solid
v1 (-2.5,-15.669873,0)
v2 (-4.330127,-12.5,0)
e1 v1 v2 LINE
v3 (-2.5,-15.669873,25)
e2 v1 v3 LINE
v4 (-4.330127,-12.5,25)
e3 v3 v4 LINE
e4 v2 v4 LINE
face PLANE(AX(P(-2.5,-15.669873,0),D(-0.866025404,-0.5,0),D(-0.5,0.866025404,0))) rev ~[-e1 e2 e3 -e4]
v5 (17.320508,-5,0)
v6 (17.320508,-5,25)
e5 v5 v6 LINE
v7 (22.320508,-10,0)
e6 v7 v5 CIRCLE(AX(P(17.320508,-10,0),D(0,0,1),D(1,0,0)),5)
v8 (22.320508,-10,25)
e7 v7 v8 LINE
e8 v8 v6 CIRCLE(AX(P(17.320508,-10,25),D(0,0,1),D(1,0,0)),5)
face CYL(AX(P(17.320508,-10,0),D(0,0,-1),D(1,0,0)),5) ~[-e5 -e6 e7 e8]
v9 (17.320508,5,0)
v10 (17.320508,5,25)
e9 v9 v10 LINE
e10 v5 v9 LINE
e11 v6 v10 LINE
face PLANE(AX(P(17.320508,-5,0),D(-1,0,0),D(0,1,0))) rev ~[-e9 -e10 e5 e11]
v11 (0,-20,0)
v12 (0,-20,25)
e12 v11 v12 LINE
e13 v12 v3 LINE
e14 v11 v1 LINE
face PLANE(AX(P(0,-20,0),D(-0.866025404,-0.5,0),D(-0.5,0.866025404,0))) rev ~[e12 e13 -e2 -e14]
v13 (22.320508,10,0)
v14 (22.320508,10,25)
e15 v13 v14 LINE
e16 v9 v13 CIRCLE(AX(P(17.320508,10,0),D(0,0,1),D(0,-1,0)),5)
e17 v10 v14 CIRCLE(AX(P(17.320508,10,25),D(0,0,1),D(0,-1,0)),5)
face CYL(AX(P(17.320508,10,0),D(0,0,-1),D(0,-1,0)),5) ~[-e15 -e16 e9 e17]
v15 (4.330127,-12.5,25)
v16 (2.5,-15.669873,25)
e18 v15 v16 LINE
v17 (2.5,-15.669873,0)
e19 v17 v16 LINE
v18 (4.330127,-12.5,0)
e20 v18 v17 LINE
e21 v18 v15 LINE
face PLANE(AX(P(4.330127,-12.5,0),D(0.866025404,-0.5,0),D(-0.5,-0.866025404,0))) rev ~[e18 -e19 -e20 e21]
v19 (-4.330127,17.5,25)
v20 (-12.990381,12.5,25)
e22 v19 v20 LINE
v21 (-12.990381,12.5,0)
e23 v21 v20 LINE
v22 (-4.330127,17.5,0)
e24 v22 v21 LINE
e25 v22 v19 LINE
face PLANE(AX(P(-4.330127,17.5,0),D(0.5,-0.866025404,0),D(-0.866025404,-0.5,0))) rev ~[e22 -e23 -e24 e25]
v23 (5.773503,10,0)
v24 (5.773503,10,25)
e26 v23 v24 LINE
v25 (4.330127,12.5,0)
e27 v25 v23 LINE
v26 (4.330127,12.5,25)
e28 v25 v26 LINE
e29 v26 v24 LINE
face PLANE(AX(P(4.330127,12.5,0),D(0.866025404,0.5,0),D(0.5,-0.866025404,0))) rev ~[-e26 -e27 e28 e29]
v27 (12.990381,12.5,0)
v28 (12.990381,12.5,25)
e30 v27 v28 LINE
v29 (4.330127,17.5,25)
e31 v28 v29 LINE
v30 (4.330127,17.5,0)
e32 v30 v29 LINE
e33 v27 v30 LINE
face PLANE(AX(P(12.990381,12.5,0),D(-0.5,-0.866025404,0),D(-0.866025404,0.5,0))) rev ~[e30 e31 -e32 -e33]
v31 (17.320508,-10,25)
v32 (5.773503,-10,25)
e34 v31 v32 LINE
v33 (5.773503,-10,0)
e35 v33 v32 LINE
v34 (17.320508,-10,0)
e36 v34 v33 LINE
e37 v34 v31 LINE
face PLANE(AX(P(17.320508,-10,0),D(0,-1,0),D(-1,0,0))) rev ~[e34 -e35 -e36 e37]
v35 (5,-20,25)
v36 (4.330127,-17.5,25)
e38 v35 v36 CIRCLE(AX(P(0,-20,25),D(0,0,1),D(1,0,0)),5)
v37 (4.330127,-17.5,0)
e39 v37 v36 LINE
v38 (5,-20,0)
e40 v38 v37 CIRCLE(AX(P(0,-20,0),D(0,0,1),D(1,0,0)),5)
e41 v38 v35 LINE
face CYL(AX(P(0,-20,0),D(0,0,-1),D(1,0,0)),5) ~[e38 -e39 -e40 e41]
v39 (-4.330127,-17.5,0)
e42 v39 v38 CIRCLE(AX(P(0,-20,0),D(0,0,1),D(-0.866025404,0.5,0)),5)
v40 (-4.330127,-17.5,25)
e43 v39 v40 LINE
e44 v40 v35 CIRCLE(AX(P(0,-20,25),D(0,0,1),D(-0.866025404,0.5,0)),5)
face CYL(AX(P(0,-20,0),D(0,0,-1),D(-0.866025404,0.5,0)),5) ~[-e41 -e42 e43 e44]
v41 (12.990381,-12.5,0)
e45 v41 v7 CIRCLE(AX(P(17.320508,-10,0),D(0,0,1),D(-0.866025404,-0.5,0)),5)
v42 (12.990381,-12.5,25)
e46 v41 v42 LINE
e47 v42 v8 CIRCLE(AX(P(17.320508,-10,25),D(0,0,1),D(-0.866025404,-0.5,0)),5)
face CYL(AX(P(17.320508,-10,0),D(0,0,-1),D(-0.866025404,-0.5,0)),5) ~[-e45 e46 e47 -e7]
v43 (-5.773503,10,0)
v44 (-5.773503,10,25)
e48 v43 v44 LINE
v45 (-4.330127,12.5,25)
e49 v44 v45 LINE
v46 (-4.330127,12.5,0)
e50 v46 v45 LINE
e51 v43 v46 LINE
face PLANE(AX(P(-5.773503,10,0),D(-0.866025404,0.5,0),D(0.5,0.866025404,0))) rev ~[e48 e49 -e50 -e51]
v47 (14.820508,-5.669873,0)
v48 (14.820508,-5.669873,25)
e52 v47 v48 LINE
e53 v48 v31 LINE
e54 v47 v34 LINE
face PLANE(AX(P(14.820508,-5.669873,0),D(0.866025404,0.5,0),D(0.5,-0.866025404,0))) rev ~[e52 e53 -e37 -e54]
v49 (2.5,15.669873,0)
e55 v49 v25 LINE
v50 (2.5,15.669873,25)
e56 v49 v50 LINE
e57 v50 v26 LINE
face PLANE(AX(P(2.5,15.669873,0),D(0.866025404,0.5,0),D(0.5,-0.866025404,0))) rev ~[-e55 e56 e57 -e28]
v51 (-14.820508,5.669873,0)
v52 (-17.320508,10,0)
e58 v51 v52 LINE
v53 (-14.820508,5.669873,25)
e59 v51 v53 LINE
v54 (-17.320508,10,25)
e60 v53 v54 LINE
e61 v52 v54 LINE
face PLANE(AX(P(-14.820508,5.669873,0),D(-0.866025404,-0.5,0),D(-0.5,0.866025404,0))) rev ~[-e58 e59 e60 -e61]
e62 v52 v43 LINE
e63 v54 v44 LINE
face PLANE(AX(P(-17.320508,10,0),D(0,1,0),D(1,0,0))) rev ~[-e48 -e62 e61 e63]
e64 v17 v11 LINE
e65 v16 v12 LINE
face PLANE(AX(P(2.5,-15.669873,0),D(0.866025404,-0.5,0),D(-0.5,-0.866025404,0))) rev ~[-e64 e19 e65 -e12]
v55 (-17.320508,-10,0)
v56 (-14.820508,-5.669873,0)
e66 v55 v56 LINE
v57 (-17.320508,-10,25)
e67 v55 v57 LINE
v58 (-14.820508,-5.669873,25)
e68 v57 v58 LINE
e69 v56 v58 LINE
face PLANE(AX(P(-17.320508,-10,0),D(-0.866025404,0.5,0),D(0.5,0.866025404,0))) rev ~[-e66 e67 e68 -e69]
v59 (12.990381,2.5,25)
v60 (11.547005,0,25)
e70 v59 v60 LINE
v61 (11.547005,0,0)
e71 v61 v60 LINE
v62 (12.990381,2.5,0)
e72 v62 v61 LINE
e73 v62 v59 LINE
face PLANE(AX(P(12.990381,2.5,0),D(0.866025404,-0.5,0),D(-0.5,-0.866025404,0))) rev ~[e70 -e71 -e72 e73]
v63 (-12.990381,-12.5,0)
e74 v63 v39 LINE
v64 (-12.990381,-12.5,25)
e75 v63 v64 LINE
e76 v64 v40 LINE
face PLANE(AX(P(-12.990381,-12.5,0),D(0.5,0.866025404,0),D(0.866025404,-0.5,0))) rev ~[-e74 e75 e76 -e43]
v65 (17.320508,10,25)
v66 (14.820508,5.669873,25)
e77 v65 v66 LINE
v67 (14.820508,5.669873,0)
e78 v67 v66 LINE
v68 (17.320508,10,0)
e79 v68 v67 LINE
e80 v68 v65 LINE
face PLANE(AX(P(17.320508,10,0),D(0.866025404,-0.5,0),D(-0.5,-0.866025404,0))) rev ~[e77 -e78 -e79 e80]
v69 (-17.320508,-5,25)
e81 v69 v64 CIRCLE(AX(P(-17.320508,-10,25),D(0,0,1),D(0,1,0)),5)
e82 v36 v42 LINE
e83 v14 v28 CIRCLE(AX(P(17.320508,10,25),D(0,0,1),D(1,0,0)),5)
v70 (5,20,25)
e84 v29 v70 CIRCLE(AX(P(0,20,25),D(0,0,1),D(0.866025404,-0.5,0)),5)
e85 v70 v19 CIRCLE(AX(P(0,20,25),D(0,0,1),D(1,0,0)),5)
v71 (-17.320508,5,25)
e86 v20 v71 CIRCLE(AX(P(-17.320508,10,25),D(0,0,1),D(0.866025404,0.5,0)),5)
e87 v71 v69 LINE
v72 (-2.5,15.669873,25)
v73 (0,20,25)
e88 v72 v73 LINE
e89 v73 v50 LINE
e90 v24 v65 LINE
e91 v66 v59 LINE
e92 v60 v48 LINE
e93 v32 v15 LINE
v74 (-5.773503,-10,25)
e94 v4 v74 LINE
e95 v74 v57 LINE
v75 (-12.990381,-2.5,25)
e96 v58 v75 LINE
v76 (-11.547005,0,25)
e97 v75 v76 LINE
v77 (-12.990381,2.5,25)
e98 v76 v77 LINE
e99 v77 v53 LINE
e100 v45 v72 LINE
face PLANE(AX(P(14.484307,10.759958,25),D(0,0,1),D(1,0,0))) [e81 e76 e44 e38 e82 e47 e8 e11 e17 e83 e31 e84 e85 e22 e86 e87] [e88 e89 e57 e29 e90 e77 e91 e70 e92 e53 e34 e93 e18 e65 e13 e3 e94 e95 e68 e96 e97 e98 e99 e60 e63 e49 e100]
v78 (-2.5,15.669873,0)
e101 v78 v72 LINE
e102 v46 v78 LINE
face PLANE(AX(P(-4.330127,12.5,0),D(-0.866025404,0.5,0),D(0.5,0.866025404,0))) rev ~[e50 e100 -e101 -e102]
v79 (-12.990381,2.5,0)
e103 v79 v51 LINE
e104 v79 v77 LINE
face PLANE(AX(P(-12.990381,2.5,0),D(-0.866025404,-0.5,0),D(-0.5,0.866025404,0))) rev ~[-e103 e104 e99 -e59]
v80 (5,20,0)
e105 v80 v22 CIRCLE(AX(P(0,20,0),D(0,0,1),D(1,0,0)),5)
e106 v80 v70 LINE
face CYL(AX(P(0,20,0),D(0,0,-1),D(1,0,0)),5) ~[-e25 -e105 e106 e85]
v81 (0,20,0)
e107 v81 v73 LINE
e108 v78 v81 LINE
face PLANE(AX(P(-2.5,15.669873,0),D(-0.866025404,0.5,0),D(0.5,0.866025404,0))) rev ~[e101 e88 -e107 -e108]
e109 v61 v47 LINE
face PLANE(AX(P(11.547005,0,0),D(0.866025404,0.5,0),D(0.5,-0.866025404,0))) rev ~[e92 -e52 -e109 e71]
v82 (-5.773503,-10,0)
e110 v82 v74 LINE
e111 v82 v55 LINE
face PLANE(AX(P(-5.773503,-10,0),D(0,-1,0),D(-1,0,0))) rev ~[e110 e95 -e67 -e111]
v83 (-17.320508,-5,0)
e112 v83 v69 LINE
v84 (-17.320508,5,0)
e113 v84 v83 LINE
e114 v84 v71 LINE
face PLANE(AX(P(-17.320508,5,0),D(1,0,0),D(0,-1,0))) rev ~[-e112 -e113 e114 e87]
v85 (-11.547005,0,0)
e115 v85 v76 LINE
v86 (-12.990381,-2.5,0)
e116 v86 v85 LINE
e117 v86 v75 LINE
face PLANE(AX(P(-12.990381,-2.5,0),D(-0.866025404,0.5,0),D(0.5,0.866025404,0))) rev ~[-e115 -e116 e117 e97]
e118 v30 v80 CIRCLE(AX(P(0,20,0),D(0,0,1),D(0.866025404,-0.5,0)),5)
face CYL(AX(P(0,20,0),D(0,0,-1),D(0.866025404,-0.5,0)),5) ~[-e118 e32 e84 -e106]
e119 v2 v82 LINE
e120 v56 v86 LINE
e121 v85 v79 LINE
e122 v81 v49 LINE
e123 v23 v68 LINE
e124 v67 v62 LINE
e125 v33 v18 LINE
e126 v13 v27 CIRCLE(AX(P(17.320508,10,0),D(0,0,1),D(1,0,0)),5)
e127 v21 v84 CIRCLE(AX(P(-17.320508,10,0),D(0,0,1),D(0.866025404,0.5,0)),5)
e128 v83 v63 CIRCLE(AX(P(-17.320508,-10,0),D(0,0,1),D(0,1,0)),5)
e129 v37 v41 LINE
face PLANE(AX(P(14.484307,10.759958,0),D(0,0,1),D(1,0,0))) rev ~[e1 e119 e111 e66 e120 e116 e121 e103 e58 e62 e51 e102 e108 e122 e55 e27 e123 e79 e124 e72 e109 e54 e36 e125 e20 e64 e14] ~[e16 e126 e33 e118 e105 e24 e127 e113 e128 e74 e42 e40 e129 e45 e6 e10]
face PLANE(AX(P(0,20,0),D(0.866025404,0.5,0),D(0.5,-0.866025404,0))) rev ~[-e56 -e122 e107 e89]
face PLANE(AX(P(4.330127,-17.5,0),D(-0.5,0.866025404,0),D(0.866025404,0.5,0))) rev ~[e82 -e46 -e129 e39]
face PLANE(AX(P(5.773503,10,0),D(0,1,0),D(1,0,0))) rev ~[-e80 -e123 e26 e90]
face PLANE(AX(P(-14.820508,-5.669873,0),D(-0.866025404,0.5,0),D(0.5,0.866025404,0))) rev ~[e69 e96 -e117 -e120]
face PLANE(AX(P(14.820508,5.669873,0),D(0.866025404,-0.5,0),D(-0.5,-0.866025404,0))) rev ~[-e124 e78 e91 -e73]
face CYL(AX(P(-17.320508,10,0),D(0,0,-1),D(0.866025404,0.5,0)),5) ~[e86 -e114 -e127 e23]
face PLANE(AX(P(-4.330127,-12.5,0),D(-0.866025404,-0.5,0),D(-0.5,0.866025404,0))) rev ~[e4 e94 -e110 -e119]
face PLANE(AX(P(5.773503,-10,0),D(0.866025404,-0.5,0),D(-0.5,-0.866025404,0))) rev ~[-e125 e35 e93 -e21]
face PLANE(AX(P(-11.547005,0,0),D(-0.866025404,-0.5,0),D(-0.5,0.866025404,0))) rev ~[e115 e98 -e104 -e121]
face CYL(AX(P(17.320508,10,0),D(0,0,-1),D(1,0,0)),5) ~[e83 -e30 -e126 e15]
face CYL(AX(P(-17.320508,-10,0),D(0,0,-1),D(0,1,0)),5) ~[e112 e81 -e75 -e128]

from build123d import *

# Parameters (mm, degrees)
F1_DEPTH = 25


with BuildPart() as f1:
    # F0 (on Top) → F1 (new body)
    with BuildSketch(Plane.XY):
        with BuildLine():
            Line((12.3205080757, 10), (17.3205080757, 10))
            Line((17.3205080757, 10), (12.9903810568, 12.5))
            ThreePointArc((12.9903810568, 12.5), (12.4908789442, 11.2940952255), (12.3205080757, 10))
        make_face()
        with BuildLine():
            Line((12.9903810568, 12.5), (17.3205080757, 10))
            Line((17.3205080757, 10), (17.3205080757, 5))
            ThreePointArc((17.3205080757, 5), (20.8560419816, 6.4644660941), (22.3205080757, 10))
            ThreePointArc((22.3205080757, 10), (18.6146033012, 14.8296291314), (12.9903810568, 12.5))
        make_face()
        with BuildLine():
            Line((17.3205080757, 5), (17.3205080757, 10))
            Line((17.3205080757, 10), (14.8205080757, 5.6698729811))
            ThreePointArc((14.8205080757, 5.6698729811), (16.0264128502, 5.1703708686), (17.3205080757, 5))
        make_face()
        with BuildLine():
            Line((14.8205080757, -5.6698729811), (17.3205080757, -10))
            Line((17.3205080757, -10), (17.3205080757, -5))
            ThreePointArc((17.3205080757, -5), (16.0264128502, -5.1703708686), (14.8205080757, -5.6698729811))
        make_face()
        with BuildLine():
            Line((17.3205080757, -5), (17.3205080757, -10))
            Line((17.3205080757, -10), (12.9903810568, -12.5))
            ThreePointArc((12.9903810568, -12.5), (18.6146033012, -14.8296291314), (22.3205080757, -10))
            ThreePointArc((22.3205080757, -10), (20.8560419816, -6.4644660941), (17.3205080757, -5))
        make_face()
        with BuildLine():
            Line((12.9903810568, -12.5), (17.3205080757, -10))
            Line((17.3205080757, -10), (12.3205080757, -10))
            ThreePointArc((12.3205080757, -10), (12.4908789442, -11.2940952255), (12.9903810568, -12.5))
        make_face()
        with BuildLine():
            Line((-2.5, 15.6698729811), (0, 20))
            Line((0, 20), (-4.3301270189, 17.5))
            ThreePointArc((-4.3301270189, 17.5), (-3.5355339059, 16.4644660941), (-2.5, 15.6698729811))
        make_face()
        with BuildLine():
            Line((-4.3301270189, 17.5), (0, 20))
            Line((0, 20), (4.3301270189, 17.5))
            ThreePointArc((4.3301270189, 17.5), (4.8296291314, 18.7059047745), (5, 20))
            ThreePointArc((5, 20), (-1.2940952255, 24.8296291314), (-4.3301270189, 17.5))
        make_face()
        with BuildLine():
            Line((4.3301270189, 17.5), (0, 20))
            Line((0, 20), (2.5, 15.6698729811))
            ThreePointArc((2.5, 15.6698729811), (3.5355339059, 16.4644660941), (4.3301270189, 17.5))
        make_face()
        with BuildLine():
            Line((11.5470053838, 0), (12.9903810958, -2.5000000676))
            Line((12.9903810958, -2.5000000676), (14.8205080757, -5.6698729811))
            ThreePointArc((14.8205080757, -5.6698729811), (16.0264128502, -5.1703708686), (17.3205080757, -5))
            Line((17.3205080757, -5), (17.3205080757, 5))
            ThreePointArc((17.3205080757, 5), (16.0264128502, 5.1703708686), (14.8205080757, 5.6698729811))
            Line((14.8205080757, 5.6698729811), (12.9903809359, 2.4999997907))
            Line((12.9903809359, 2.4999997907), (11.5470053838, 0))
        make_face()
        with BuildLine():
            Line((5.7735026919, 10), (8.6602540378, 10))
            Line((8.6602540378, 10), (12.3205080757, 10))
            ThreePointArc((12.3205080757, 10), (12.4908789442, 11.2940952255), (12.9903810568, 12.5))
            Line((12.9903810568, 12.5), (4.3301270189, 17.5))
            ThreePointArc((4.3301270189, 17.5), (3.5355339059, 16.4644660941), (2.5, 15.6698729811))
            Line((2.5, 15.6698729811), (4.3301270274, 12.4999999853))
            Line((4.3301270274, 12.4999999853), (5.7735026919, 10))
        make_face()
        with BuildLine():
            Line((2.5, -15.6698729811), (0, -20))
            Line((0, -20), (4.3301270189, -17.5))
            ThreePointArc((4.3301270189, -17.5), (3.5355339059, -16.4644660941), (2.5, -15.6698729811))
        make_face()
        with BuildLine():
            Line((4.3301270189, -17.5), (0, -20))
            Line((0, -20), (-4.3301270189, -17.5))
            ThreePointArc((-4.3301270189, -17.5), (-1.2940952255, -24.8296291314), (5, -20))
            ThreePointArc((5, -20), (4.8296291314, -18.7059047745), (4.3301270189, -17.5))
        make_face()
        with BuildLine():
            Line((-4.3301270189, -17.5), (0, -20))
            Line((0, -20), (-2.5, -15.6698729811))
            ThreePointArc((-2.5, -15.6698729811), (-3.5355339059, -16.4644660941), (-4.3301270189, -17.5))
        make_face()
        with BuildLine():
            Line((12.3205080757, -10), (8.6602540378, -10))
            Line((8.6602540378, -10), (5.7735026919, -10))
            Line((5.7735026919, -10), (4.3301270579, -12.4999999324))
            Line((4.3301270579, -12.4999999324), (2.5, -15.6698729811))
            ThreePointArc((2.5, -15.6698729811), (3.5355339059, -16.4644660941), (4.3301270189, -17.5))
            Line((4.3301270189, -17.5), (12.9903810568, -12.5))
            ThreePointArc((12.9903810568, -12.5), (12.4908789442, -11.2940952255), (12.3205080757, -10))
        make_face()
        with BuildLine():
            Line((-17.3205080757, 5), (-17.3205080757, 10))
            Line((-17.3205080757, 10), (-12.9903810568, 12.5))
            ThreePointArc((-12.9903810568, 12.5), (-21.6506350946, 12.5), (-17.3205080757, 5))
        make_face()
        with BuildLine():
            Line((-14.8205080757, 5.6698729811), (-17.3205080757, 10))
            Line((-17.3205080757, 10), (-17.3205080757, 5))
            ThreePointArc((-17.3205080757, 5), (-16.0264128502, 5.1703708686), (-14.8205080757, 5.6698729811))
        make_face()
        with BuildLine():
            Line((-12.9903810568, 12.5), (-17.3205080757, 10))
            Line((-17.3205080757, 10), (-12.3205080757, 10))
            ThreePointArc((-12.3205080757, 10), (-12.4908789442, 11.2940952255), (-12.9903810568, 12.5))
        make_face()
        with BuildLine():
            Line((-5.7735026919, 10), (-4.3301269897, 12.5000000507))
            Line((-4.3301269897, 12.5000000507), (-2.5, 15.6698729811))
            ThreePointArc((-2.5, 15.6698729811), (-3.5355339059, 16.4644660941), (-4.3301270189, 17.5))
            Line((-4.3301270189, 17.5), (-12.9903810568, 12.5))
            ThreePointArc((-12.9903810568, 12.5), (-12.4908789442, 11.2940952255), (-12.3205080757, 10))
            Line((-12.3205080757, 10), (-8.6602540378, 10))
            Line((-8.6602540378, 10), (-5.7735026919, 10))
        make_face()
        with BuildLine():
            Line((-12.3205080757, -10), (-17.3205080757, -10))
            Line((-17.3205080757, -10), (-12.9903810568, -12.5))
            ThreePointArc((-12.9903810568, -12.5), (-12.4908789442, -11.2940952255), (-12.3205080757, -10))
        make_face()
        with BuildLine():
            Line((-12.9903810568, -12.5), (-17.3205080757, -10))
            Line((-17.3205080757, -10), (-17.3205080757, -5))
            ThreePointArc((-17.3205080757, -5), (-21.6506350946, -12.5), (-12.9903810568, -12.5))
        make_face()
        with BuildLine():
            Line((-17.3205080757, -5), (-17.3205080757, -10))
            Line((-17.3205080757, -10), (-14.8205080757, -5.6698729811))
            ThreePointArc((-14.8205080757, -5.6698729811), (-16.0264128502, -5.1703708686), (-17.3205080757, -5))
        make_face()
        with BuildLine():
            Line((-5.7735026919, -10), (-8.6602540378, -10))
            Line((-8.6602540378, -10), (-12.3205080757, -10))
            ThreePointArc((-12.3205080757, -10), (-12.4908789442, -11.2940952255), (-12.9903810568, -12.5))
            Line((-12.9903810568, -12.5), (-4.3301270189, -17.5))
            ThreePointArc((-4.3301270189, -17.5), (-3.5355339059, -16.4644660941), (-2.5, -15.6698729811))
            Line((-2.5, -15.6698729811), (-4.3301270579, -12.4999999324))
            Line((-4.3301270579, -12.4999999324), (-5.7735026919, -10))
        make_face()
        with BuildLine():
            Line((-11.5470053838, 0), (-12.9903810464, 2.4999999821))
            Line((-12.9903810464, 2.4999999821), (-14.8205080757, 5.6698729811))
            ThreePointArc((-14.8205080757, 5.6698729811), (-16.0264128502, 5.1703708686), (-17.3205080757, 5))
            Line((-17.3205080757, 5), (-17.3205080757, -5))
            ThreePointArc((-17.3205080757, -5), (-16.0264128502, -5.1703708686), (-14.8205080757, -5.6698729811))
            Line((-14.8205080757, -5.6698729811), (-12.990380962, -2.4999998358))
            Line((-12.990380962, -2.4999998358), (-11.5470053838, 0))
        make_face()
    extrude(amount=F1_DEPTH)


solid = f1.part
